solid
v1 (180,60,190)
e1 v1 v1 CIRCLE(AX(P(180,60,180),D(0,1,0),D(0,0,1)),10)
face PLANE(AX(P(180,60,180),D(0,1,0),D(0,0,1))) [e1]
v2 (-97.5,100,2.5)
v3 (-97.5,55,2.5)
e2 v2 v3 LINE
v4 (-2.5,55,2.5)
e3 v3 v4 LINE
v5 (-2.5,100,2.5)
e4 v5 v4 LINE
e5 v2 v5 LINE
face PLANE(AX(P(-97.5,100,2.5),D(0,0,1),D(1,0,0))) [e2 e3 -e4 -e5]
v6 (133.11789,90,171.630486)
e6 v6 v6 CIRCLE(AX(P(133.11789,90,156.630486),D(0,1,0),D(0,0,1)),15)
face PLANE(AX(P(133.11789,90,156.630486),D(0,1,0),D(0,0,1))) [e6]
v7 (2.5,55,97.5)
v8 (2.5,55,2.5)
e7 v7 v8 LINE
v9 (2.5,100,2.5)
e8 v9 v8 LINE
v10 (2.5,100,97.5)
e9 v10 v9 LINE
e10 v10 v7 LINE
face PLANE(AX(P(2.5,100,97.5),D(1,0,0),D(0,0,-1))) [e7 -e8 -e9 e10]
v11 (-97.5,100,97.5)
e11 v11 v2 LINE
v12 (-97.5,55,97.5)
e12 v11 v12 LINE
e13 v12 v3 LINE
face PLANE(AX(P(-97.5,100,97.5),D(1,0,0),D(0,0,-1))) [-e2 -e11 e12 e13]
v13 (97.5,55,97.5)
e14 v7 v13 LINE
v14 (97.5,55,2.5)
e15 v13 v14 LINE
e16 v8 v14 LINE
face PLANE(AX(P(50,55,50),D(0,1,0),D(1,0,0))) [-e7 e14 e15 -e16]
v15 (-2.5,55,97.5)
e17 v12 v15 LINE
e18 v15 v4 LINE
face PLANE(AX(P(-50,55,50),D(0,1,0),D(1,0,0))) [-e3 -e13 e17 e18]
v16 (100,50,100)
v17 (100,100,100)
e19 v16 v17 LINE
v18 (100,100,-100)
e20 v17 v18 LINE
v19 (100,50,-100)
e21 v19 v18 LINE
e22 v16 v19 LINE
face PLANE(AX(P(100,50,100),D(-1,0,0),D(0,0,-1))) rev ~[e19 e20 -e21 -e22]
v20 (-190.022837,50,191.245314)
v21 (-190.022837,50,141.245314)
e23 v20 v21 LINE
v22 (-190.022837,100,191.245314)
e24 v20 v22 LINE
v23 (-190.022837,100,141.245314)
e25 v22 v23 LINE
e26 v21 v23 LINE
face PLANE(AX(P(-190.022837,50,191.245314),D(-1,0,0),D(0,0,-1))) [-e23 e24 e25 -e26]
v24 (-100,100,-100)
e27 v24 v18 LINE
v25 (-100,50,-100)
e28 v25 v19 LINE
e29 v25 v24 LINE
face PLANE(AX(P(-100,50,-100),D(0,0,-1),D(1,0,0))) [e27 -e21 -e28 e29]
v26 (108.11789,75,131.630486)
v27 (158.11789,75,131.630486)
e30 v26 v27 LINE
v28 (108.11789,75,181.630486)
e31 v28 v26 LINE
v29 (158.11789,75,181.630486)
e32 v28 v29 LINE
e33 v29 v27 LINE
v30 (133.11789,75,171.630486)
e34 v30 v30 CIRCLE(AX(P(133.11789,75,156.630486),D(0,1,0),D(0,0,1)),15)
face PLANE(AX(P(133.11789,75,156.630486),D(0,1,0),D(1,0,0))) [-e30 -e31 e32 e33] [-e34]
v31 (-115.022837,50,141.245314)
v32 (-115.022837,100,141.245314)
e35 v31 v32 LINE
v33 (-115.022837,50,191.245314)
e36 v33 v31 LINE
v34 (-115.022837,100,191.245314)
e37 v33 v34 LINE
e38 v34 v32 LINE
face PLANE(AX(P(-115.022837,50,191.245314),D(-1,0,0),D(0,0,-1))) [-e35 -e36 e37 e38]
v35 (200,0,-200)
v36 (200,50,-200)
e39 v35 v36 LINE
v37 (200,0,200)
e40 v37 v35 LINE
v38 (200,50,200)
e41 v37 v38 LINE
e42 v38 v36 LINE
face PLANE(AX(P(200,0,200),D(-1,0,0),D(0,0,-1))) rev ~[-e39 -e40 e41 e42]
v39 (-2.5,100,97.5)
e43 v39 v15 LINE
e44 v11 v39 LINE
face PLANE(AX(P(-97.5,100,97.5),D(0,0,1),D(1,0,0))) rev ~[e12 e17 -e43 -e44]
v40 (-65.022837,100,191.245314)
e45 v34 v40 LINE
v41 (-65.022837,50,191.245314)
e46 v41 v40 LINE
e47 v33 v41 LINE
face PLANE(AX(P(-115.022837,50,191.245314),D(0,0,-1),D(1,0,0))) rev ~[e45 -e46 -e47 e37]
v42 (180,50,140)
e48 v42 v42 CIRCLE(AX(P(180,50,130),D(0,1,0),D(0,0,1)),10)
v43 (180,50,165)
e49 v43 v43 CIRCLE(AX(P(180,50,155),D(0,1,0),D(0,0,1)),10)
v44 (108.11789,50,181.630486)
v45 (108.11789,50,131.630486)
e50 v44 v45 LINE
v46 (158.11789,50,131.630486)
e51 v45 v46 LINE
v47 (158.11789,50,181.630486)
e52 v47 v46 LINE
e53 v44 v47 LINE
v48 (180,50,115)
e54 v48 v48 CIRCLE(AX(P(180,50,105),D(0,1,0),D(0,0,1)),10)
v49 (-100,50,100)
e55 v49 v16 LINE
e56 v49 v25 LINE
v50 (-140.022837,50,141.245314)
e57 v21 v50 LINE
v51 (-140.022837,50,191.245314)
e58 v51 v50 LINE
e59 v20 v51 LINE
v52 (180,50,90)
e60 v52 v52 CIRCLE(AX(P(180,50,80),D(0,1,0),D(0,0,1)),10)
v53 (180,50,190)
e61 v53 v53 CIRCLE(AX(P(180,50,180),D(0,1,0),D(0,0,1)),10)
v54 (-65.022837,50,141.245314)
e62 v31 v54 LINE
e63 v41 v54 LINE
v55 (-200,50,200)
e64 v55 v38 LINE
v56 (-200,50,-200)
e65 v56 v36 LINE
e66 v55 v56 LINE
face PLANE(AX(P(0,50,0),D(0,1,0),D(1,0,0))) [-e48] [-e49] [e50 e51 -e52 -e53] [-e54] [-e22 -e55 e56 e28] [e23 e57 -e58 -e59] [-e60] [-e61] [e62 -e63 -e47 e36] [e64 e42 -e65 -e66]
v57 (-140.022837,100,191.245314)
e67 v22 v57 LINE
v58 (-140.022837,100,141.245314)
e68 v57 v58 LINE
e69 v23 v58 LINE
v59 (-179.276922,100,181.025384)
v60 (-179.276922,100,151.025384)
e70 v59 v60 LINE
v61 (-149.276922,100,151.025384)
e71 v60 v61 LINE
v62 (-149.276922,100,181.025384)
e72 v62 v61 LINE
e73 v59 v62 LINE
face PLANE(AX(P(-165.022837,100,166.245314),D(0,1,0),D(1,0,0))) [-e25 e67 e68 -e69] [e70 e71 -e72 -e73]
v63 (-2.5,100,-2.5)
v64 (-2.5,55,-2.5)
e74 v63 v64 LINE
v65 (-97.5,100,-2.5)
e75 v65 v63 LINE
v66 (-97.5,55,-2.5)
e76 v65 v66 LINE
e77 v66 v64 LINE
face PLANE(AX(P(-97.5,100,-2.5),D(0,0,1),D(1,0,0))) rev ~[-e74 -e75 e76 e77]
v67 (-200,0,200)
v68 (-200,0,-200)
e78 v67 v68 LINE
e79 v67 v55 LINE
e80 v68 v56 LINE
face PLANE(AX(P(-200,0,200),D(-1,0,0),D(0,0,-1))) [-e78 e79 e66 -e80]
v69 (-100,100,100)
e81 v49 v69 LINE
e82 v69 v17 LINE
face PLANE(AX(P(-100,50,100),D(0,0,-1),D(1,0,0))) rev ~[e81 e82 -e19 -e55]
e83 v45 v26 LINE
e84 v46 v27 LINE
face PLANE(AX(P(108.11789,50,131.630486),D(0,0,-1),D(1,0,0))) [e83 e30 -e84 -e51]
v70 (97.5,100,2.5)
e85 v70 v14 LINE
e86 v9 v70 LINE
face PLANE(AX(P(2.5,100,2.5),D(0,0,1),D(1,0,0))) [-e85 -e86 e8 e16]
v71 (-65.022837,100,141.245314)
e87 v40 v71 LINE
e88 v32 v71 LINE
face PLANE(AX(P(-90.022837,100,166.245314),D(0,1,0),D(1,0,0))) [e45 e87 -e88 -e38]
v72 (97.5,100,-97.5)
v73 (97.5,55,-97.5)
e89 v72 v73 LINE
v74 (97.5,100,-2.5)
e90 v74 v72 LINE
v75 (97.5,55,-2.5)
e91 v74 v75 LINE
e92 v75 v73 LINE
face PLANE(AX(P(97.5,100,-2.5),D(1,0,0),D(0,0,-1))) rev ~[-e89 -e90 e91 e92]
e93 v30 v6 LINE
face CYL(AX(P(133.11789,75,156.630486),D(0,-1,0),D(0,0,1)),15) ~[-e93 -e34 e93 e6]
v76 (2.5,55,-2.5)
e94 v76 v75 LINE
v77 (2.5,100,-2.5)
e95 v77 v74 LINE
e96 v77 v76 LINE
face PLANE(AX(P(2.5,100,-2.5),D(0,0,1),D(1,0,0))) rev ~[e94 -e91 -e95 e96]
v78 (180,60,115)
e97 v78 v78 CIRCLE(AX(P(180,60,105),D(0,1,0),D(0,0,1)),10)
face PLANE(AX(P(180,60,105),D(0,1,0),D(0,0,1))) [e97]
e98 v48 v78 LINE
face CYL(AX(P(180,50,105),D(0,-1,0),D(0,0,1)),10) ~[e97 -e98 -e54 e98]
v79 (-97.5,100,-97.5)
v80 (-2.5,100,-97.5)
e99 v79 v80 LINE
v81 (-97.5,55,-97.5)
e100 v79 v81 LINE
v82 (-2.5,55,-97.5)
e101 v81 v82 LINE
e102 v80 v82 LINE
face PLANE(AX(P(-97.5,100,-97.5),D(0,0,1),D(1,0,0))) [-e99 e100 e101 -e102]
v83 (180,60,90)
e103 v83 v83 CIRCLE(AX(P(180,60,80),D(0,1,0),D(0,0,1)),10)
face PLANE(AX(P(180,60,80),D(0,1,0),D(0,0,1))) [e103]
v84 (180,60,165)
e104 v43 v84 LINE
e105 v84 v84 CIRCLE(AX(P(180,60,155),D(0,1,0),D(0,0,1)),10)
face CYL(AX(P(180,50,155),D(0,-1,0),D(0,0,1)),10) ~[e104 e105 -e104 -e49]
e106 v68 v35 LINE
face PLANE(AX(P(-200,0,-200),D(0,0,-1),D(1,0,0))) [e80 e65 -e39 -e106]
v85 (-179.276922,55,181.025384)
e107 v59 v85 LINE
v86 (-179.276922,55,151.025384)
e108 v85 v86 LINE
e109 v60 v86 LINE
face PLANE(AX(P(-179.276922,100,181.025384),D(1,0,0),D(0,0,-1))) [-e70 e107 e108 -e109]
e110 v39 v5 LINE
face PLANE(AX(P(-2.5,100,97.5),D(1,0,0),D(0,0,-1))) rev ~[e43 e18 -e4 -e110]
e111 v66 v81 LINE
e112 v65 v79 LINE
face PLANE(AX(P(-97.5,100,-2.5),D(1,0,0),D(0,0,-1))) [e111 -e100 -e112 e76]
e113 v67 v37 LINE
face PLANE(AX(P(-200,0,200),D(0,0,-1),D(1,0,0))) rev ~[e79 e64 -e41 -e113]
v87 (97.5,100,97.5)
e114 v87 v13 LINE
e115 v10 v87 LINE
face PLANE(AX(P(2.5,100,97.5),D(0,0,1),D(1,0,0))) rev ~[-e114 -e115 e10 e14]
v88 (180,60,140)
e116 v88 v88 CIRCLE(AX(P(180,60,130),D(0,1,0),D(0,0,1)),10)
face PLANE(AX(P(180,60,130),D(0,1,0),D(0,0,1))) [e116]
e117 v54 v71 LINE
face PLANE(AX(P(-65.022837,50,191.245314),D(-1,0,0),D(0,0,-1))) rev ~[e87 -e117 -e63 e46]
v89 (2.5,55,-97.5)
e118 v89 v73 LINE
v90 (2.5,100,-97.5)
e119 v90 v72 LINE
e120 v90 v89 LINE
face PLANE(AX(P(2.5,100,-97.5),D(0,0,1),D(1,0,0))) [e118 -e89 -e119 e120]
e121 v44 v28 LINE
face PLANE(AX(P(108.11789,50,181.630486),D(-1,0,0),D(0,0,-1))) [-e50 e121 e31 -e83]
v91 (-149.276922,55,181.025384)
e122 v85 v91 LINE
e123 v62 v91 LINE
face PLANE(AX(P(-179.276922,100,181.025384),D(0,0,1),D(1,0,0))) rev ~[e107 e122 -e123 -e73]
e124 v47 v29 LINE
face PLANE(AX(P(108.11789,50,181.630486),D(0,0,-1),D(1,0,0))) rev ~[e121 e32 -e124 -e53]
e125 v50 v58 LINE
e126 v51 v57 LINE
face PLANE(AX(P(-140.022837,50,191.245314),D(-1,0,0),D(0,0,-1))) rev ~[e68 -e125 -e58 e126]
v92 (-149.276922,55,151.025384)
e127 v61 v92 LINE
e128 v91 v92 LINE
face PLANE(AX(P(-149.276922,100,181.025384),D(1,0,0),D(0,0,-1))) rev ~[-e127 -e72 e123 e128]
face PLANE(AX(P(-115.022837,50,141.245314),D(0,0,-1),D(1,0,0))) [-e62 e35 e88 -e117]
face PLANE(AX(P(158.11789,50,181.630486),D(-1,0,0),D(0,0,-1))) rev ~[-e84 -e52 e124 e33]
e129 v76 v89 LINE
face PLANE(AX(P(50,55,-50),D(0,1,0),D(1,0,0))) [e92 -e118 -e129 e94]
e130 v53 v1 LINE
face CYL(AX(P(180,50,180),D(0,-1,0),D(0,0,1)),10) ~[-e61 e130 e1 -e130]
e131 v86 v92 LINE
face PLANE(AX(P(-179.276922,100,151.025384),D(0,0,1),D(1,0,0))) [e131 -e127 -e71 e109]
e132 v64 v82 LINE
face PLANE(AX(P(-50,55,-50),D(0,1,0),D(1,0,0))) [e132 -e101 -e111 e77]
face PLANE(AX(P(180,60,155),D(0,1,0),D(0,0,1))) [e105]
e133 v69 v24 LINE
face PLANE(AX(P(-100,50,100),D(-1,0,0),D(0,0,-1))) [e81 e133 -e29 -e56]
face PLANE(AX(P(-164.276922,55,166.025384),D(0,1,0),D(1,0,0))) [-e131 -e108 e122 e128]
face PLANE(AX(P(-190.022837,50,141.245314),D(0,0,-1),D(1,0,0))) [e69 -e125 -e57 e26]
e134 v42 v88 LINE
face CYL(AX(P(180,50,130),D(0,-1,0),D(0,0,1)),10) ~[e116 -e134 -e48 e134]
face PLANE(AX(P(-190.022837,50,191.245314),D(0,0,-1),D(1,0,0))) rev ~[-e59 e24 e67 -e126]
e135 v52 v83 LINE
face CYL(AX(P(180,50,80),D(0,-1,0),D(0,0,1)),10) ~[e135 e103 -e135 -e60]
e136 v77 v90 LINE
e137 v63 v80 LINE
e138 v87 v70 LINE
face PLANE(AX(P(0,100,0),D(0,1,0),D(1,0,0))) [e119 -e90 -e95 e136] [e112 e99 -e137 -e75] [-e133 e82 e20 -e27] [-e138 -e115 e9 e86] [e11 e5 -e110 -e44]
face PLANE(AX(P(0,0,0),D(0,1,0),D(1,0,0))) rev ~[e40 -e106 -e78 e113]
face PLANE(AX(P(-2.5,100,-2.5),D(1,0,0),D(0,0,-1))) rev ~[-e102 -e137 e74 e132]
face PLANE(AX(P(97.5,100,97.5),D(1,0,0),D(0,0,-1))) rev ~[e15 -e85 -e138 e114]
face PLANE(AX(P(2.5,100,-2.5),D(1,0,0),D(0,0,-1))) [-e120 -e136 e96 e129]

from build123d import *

# Parameters (mm, degrees)
SKETCH1_W           = 400
SKETCH1_H           = 400
BOSS_EXTRUDE1_DEPTH = 50
SKETCH3_W           = 200
SKETCH3_H           = 200
BOSS_EXTRUDE2_DEPTH = 50
SKETCH4_W           = 95
SKETCH4_H           = 95
CUT_EXTRUDE1_DEPTH  = 45
SKETCH6_R           = 10
BOSS_EXTRUDE4_DEPTH = 10
LPATTERN3_COUNT     = 5
LPATTERN3_PITCH     = 25
SKETCH7_W           = 50
SKETCH7_H           = 50
BOSS_EXTRUDE5_DEPTH = 25
SKETCH8_R           = 15
BOSS_EXTRUDE6_DEPTH = 15
SKETCH10_W          = 50
SKETCH10_H          = 50
BOSS_EXTRUDE7_DEPTH = 50
SKETCH12_W          = 30
SKETCH12_H          = 30
CUT_EXTRUDE2_DEPTH  = 45
SKETCH13_W          = 50
SKETCH13_H          = 50
BOSS_EXTRUDE8_DEPTH = 50


with BuildPart() as part:
    # Sketch1 → Boss-Extrude1 (new body)
    with BuildSketch(Plane(origin=(0, 0, 0), x_dir=(1, 0, 0), z_dir=(0, 1, 0))):
        Rectangle(SKETCH1_W, SKETCH1_H)
    extrude(amount=BOSS_EXTRUDE1_DEPTH)

    # Sketch3 → Boss-Extrude2 (add)
    with BuildSketch(Plane(origin=(0, 50, 0), x_dir=(1, 0, 0), z_dir=(0, 1, 0))):
        Rectangle(SKETCH3_W, SKETCH3_H)
    extrude(amount=BOSS_EXTRUDE2_DEPTH)

    # Sketch4 → Cut-Extrude1 (cut)
    with BuildSketch(Plane(origin=(0, 100, 0), x_dir=(1, 0, 0), z_dir=(0, 1, 0))):
        with Locations((-50, -50)):
            Rectangle(SKETCH4_W, SKETCH4_H)
        with Locations((50, -50)):
            Rectangle(SKETCH4_W, SKETCH4_H)
        with Locations((-50, 50)):
            Rectangle(SKETCH4_W, SKETCH4_H)
        with Locations((50, 50)):
            Rectangle(SKETCH4_W, SKETCH4_H)
    extrude(amount=-CUT_EXTRUDE1_DEPTH, mode=Mode.SUBTRACT)

    # Sketch6 → Boss-Extrude4 (add)
    with BuildSketch(Plane(origin=(0, 50, 0), x_dir=(1, 0, 0), z_dir=(0, 1, 0))):
        with Locations((180, -180)):
            Circle(SKETCH6_R)
    boss_extrude4 = extrude(amount=BOSS_EXTRUDE4_DEPTH)

    # LPattern3: Boss-Extrude4 ×5
    with Locations(*[(0, 0, -i * LPATTERN3_PITCH) for i in range(1, LPATTERN3_COUNT)]):
        add(boss_extrude4)

    # Sketch7 → Boss-Extrude5 (add)
    with BuildSketch(Plane(origin=(0, 50, 0), x_dir=(1, 0, 0), z_dir=(0, 1, 0))):
        with Locations((133.117890176, -156.630485574)):
            Rectangle(SKETCH7_W, SKETCH7_H)
    extrude(amount=BOSS_EXTRUDE5_DEPTH)

    # Sketch8 → Boss-Extrude6 (add)
    with BuildSketch(Plane(origin=(0, 75, 0), x_dir=(1, 0, 0), z_dir=(0, 1, 0))):
        with Locations((133.117890176, -156.630485574)):
            Circle(SKETCH8_R)
    extrude(amount=BOSS_EXTRUDE6_DEPTH)

    # Sketch10 → Boss-Extrude7 (add)
    with BuildSketch(Plane(origin=(0, 50, 0), x_dir=(1, 0, 0), z_dir=(0, 1, 0))):
        with Locations((-165.022837079, -166.245313822)):
            Rectangle(SKETCH10_W, SKETCH10_H)
    extrude(amount=BOSS_EXTRUDE7_DEPTH)

    # Sketch12 → Cut-Extrude2 (cut)
    with BuildSketch(Plane(origin=(0, 100, 0), x_dir=(1, 0, 0), z_dir=(0, 1, 0))):
        with Locations((-164.276921981, -166.025383847)):
            Rectangle(SKETCH12_W, SKETCH12_H)
    extrude(amount=-CUT_EXTRUDE2_DEPTH, mode=Mode.SUBTRACT)

    # Sketch13 → Boss-Extrude8 (add)
    with BuildSketch(Plane(origin=(0, 50, 0), x_dir=(1, 0, 0), z_dir=(0, 1, 0))):
        with Locations((-90.022837079, -166.245313822)):
            Rectangle(SKETCH13_W, SKETCH13_H)
    extrude(amount=BOSS_EXTRUDE8_DEPTH)


solid = part.part
